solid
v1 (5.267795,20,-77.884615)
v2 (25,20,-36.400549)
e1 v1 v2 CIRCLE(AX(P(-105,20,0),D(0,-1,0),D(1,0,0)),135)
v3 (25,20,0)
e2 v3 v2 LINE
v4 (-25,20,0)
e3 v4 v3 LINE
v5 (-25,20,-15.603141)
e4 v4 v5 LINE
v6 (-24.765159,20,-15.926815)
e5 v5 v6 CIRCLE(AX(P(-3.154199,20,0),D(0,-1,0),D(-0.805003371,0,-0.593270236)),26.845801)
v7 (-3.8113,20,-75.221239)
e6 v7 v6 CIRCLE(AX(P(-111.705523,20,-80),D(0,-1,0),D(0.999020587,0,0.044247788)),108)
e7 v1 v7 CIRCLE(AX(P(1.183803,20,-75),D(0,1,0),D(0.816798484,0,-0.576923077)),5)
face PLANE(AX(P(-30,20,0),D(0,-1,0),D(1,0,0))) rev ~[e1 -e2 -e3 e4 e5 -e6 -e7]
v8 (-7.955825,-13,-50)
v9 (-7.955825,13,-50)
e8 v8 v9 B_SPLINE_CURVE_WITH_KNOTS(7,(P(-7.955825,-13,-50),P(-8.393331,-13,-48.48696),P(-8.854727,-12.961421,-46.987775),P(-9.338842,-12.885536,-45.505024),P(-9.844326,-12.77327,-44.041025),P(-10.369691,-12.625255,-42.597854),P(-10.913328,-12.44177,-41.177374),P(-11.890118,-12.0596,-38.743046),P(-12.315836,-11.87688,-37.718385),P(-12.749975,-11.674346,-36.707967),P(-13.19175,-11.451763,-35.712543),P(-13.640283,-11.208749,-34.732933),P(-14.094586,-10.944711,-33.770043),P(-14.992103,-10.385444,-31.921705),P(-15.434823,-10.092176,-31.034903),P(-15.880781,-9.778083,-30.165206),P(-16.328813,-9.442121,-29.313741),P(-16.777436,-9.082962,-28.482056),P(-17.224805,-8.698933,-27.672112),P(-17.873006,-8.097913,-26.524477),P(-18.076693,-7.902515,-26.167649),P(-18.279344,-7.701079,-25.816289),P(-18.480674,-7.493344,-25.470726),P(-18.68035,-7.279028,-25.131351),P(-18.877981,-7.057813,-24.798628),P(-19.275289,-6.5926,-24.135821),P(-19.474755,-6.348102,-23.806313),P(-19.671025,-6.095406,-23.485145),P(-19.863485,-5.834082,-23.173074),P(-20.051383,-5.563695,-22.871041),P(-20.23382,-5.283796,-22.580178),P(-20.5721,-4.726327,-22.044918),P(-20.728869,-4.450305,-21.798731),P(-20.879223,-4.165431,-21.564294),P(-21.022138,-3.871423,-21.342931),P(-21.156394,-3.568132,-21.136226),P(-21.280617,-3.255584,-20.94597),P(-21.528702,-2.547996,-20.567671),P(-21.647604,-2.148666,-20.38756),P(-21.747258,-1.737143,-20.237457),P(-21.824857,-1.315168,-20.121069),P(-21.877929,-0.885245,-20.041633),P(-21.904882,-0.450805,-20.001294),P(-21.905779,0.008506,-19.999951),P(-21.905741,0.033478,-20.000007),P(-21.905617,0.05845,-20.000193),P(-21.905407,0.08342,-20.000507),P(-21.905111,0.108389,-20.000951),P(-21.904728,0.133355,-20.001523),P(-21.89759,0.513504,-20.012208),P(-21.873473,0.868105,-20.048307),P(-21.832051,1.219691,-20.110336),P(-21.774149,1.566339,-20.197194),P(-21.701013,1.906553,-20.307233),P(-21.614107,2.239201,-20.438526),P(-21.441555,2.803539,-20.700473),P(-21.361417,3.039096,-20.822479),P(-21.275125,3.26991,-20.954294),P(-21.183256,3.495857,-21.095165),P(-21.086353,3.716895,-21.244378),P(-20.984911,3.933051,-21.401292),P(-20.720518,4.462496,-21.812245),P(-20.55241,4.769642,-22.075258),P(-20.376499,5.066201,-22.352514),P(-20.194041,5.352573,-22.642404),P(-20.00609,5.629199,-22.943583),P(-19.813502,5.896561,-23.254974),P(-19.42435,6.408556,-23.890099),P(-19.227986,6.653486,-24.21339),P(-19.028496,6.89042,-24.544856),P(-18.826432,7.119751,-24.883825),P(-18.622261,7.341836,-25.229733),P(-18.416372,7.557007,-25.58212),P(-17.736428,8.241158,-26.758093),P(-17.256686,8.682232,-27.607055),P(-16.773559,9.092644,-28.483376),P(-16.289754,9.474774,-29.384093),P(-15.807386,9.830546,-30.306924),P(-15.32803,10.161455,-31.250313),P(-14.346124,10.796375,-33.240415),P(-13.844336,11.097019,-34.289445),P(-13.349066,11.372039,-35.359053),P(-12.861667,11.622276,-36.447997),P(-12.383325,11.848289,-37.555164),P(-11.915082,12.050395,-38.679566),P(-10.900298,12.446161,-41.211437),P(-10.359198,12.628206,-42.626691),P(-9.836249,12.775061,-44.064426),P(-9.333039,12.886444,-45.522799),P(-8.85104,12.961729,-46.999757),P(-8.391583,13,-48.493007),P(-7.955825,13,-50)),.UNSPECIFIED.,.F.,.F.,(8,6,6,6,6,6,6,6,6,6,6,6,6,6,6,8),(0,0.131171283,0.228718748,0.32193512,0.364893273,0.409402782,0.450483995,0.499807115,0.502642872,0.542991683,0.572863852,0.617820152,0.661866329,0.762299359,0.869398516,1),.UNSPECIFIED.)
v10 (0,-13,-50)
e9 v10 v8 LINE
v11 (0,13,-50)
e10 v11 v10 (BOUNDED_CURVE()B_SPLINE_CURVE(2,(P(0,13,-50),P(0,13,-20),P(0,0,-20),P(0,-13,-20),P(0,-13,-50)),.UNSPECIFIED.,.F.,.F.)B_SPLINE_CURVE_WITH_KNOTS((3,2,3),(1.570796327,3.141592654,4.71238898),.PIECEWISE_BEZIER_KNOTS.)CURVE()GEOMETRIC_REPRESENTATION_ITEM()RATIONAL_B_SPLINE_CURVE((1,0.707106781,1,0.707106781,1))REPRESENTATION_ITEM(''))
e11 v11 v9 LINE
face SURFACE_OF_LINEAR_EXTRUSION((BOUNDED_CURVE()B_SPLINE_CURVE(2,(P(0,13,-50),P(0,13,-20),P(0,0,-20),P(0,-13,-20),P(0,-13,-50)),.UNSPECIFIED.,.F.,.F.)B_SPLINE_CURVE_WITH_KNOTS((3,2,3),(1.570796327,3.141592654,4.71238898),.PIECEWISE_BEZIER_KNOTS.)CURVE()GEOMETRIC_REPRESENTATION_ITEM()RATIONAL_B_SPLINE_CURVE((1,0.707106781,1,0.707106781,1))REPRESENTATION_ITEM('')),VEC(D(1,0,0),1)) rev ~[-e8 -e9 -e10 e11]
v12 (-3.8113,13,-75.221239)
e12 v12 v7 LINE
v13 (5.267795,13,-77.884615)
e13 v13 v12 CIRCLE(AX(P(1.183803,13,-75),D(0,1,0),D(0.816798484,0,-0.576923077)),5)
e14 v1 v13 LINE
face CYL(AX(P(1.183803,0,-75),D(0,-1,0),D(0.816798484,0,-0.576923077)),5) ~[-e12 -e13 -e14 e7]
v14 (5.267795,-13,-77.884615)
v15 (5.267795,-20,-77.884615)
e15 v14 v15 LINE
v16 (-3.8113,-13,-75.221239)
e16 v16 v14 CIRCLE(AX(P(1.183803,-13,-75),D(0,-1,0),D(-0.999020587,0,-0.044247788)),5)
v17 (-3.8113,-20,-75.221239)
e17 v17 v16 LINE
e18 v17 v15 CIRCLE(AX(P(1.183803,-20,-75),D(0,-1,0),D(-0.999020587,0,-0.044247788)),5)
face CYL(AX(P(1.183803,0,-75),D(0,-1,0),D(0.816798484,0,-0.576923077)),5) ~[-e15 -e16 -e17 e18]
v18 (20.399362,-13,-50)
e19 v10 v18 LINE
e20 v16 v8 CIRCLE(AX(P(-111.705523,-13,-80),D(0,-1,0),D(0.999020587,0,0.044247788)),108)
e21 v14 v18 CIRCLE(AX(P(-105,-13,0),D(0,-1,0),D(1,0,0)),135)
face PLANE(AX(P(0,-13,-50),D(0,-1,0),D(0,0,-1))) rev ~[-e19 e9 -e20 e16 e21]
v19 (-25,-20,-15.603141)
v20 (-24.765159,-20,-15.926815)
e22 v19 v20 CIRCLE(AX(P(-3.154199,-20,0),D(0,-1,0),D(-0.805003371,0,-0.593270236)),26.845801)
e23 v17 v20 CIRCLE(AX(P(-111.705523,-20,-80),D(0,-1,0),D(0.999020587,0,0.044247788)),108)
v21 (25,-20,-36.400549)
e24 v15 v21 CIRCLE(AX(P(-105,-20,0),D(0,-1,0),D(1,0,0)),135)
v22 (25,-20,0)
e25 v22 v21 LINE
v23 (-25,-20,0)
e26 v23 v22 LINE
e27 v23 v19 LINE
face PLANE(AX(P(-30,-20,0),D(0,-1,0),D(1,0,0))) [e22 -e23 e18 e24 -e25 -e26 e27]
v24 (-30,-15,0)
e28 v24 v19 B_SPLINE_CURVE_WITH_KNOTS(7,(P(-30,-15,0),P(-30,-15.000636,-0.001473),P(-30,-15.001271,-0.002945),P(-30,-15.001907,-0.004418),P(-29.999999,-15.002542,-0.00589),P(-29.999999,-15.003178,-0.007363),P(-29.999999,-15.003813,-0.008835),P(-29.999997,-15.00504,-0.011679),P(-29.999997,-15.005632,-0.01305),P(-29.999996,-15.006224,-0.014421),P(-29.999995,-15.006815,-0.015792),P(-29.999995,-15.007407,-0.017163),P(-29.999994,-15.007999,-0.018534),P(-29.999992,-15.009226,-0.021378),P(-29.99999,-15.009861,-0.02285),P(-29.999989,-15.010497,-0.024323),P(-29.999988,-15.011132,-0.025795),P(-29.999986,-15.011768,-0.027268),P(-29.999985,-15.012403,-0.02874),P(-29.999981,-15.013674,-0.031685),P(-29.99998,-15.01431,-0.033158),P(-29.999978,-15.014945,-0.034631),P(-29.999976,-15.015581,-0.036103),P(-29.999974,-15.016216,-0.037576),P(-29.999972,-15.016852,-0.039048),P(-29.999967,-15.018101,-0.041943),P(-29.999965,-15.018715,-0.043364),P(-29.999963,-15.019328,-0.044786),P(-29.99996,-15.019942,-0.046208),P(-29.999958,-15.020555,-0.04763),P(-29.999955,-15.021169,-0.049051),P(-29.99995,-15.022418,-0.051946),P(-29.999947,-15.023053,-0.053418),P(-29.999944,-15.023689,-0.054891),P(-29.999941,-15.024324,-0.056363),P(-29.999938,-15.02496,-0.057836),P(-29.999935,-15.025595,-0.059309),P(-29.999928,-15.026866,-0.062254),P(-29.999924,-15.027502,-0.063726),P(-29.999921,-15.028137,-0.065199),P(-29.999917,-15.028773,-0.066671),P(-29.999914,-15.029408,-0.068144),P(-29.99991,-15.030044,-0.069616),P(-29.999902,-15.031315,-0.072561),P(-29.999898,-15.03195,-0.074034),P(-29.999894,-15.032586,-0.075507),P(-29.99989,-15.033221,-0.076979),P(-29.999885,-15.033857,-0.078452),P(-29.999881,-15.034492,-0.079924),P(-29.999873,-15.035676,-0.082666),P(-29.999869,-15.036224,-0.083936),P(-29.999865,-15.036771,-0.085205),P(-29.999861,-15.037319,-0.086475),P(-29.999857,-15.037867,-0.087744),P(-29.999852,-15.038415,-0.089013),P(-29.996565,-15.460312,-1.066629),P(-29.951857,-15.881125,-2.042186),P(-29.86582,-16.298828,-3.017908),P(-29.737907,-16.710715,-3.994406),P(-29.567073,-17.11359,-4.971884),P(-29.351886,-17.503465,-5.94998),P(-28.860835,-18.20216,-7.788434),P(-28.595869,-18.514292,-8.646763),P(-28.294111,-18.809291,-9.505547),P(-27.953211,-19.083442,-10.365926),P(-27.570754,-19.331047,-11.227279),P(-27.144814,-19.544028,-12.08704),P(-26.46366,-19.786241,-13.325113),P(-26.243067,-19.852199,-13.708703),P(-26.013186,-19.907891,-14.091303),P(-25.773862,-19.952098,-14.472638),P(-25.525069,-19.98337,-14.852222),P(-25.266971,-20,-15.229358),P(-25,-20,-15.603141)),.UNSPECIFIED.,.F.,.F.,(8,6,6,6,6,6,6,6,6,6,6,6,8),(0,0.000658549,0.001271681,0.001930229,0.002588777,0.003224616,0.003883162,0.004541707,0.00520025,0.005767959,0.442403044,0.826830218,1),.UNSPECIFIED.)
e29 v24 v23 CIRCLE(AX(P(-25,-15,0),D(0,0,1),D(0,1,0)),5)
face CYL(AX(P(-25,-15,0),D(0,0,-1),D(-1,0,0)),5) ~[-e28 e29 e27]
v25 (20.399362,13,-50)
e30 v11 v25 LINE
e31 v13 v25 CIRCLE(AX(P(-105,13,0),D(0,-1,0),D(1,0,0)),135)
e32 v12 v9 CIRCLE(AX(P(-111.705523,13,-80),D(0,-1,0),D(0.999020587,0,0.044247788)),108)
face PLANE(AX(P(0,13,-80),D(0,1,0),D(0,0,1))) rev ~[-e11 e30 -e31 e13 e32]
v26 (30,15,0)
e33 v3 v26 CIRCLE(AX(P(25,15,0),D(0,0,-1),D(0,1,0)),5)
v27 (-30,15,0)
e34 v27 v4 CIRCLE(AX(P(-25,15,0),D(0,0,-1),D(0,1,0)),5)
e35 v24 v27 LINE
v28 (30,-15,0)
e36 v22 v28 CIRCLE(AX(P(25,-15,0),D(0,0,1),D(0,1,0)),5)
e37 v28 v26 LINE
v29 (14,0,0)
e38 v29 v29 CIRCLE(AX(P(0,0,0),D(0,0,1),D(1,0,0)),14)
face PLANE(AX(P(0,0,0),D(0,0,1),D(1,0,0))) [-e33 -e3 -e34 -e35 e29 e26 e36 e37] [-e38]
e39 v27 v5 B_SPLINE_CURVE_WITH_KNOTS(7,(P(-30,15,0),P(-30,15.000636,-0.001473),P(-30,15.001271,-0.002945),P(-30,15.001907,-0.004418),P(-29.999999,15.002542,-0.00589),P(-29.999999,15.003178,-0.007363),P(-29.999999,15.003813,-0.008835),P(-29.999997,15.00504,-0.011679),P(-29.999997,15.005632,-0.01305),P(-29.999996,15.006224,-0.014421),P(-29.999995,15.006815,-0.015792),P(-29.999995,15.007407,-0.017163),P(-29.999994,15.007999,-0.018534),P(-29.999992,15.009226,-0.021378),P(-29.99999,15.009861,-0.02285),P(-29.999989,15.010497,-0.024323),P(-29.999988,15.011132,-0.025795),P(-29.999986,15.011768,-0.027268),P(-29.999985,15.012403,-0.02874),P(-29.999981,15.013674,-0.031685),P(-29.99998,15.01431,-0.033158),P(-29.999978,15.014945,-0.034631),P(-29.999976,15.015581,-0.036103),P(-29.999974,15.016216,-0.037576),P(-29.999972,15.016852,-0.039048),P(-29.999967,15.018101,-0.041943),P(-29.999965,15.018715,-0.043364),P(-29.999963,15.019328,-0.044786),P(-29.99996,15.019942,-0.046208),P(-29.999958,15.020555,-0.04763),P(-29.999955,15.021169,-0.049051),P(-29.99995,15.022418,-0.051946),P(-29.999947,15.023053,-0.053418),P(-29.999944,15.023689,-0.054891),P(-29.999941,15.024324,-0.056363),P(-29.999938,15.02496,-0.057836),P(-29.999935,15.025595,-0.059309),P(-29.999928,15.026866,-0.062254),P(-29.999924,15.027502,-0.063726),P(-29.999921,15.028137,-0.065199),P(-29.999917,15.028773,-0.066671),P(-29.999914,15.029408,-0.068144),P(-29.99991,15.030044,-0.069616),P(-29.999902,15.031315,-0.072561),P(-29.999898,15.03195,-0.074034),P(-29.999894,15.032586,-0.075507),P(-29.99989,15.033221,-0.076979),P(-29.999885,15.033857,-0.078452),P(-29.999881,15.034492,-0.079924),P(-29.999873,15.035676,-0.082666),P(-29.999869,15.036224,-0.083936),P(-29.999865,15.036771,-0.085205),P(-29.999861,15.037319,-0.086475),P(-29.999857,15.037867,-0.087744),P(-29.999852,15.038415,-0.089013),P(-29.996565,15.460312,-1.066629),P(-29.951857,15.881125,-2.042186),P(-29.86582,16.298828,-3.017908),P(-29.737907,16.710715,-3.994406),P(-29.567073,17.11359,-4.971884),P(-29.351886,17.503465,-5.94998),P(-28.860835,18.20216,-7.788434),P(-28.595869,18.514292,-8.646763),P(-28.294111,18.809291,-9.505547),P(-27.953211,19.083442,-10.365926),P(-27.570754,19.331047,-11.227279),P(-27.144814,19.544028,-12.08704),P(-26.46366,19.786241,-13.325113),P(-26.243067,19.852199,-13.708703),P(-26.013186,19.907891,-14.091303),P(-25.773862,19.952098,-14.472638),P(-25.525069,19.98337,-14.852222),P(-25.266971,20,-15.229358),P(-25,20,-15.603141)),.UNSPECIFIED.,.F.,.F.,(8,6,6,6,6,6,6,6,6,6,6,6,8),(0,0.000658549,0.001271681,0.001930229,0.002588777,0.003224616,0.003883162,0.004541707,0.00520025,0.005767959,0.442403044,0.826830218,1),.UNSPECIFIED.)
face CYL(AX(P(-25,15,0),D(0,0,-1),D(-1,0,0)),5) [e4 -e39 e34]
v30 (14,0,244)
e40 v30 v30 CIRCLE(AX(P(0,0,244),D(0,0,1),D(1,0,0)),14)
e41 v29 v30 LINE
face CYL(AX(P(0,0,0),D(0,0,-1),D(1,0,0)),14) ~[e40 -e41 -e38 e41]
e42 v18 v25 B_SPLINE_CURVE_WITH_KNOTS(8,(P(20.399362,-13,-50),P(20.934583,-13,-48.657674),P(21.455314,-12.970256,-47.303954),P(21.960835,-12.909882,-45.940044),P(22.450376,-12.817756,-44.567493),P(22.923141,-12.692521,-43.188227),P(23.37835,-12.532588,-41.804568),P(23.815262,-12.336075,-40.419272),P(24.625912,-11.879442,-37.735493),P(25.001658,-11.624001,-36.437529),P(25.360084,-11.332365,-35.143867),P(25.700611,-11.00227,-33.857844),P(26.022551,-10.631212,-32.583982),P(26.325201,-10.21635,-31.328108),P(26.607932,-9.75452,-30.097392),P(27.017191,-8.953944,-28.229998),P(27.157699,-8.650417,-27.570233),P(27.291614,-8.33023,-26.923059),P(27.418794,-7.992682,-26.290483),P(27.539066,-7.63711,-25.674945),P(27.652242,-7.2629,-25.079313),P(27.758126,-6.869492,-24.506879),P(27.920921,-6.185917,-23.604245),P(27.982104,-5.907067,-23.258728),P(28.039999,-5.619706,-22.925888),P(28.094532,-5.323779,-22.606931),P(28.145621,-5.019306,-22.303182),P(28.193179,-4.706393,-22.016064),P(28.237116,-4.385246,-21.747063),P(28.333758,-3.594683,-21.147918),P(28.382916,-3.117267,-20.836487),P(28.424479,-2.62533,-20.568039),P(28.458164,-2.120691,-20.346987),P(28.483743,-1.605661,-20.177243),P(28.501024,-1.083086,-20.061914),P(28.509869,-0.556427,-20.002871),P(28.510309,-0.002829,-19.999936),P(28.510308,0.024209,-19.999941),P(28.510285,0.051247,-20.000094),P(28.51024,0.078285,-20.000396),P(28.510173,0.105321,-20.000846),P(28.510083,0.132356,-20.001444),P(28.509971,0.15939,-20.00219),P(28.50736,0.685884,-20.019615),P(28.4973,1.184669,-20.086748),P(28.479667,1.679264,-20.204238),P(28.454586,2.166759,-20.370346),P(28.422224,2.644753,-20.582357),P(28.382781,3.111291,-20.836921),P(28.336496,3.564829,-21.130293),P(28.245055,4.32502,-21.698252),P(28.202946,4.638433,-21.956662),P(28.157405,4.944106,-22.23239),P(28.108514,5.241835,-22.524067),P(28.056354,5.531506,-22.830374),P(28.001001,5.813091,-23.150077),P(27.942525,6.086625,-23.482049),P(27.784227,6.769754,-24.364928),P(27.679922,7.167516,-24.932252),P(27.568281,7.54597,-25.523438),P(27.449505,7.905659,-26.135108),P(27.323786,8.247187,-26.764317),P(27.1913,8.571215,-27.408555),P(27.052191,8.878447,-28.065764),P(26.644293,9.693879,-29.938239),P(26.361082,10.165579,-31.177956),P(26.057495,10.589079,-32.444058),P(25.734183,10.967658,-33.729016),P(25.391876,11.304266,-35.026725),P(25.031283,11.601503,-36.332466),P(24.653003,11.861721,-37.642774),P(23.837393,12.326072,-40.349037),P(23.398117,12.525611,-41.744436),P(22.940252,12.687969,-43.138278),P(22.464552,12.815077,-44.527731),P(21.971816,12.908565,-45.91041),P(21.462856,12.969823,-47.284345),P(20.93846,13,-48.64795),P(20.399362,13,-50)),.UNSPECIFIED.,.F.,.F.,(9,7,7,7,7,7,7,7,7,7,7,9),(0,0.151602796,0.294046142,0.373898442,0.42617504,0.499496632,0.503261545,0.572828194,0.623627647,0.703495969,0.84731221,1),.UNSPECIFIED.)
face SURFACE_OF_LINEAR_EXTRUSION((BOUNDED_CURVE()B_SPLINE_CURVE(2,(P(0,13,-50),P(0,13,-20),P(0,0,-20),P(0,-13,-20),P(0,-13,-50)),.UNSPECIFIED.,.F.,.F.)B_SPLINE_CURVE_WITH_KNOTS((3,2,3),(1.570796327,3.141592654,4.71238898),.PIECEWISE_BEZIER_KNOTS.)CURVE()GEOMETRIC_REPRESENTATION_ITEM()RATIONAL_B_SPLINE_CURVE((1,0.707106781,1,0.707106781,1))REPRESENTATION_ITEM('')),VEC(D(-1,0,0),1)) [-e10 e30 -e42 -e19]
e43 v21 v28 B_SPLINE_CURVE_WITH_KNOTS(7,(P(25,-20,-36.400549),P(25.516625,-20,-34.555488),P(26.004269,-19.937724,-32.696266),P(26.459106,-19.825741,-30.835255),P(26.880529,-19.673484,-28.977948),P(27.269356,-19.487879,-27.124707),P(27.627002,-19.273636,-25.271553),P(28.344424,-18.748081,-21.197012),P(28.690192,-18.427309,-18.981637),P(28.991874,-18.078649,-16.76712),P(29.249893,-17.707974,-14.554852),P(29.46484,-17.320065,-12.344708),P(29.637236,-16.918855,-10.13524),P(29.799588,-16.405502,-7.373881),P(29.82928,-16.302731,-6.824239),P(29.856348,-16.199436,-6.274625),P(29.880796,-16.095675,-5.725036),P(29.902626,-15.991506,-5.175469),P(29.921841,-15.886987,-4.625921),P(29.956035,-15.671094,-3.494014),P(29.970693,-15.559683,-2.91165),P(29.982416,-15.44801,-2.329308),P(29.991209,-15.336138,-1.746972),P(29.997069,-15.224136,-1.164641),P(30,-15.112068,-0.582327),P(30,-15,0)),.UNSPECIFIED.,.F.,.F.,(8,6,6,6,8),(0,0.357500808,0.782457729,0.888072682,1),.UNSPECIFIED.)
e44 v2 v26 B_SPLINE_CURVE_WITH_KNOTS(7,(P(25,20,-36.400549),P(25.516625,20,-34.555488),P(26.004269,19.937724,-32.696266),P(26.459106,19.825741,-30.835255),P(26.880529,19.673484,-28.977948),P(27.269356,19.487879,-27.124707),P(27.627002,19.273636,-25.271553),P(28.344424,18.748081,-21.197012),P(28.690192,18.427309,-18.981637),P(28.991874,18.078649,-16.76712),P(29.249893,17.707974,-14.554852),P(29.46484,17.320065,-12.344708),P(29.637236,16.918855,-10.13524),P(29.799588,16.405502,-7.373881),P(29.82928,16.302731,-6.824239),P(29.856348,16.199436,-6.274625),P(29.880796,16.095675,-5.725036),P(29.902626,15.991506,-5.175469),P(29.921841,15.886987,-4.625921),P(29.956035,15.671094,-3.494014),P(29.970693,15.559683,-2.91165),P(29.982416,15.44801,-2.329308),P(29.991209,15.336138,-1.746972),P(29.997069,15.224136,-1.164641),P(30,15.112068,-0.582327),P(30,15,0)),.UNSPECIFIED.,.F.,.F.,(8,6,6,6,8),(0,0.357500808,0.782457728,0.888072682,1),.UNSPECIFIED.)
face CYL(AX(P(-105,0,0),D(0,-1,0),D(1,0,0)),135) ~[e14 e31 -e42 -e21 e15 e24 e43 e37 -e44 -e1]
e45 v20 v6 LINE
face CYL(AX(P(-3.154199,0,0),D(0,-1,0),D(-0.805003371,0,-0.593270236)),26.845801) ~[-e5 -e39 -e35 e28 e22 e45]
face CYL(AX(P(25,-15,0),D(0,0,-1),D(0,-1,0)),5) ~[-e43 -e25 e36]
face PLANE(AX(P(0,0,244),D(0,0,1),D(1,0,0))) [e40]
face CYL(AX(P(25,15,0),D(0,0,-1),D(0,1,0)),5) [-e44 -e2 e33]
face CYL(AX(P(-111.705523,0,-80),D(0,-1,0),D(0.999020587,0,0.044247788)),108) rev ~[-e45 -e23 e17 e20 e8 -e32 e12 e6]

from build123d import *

# Parameters (mm, degrees)
F0_R     = 14
F1_DEPTH = 244
F2_W     = 60
F2_H     = 40
F3_DEPTH = 80
F4_R     = 5
F6_DEPTH = 40
F8_DEPTH = 35


with BuildPart() as f1:
    # F0 (on Top) → F1 (new body)
    with BuildSketch(Plane.XY):
        Circle(F0_R)
    extrude(amount=F1_DEPTH)

    # F2 (on Top) → F3 (join)
    with BuildSketch(Plane.XY):
        Rectangle(F2_W, F2_H)
    extrude(amount=-F3_DEPTH)

    # F4
    f4_edges = [f1.edges().sort_by_distance(p)[0] for p in [
        (30, -20, -40),
        (-30, -20, -40),
        (30, 20, -40),
        (-30, 20, -40),
    ]]
    fillet(f4_edges, radius=F4_R)

    # F5 (on Front) → F6 (cut, symmetric)
    with BuildSketch(Plane.XZ):
        with BuildLine():
            Line((-30, 0), (-30, -85))
            Line((-30, -85), (30, -85))
            Line((30, -85), (30, 0))
            ThreePointArc((30, 0), (23.6684739344, -40.85858313), (5.2677953275, -77.8846153846))
            ThreePointArc((5.2677953275, -77.8846153846), (-0.2236501523, -79.7978199094), (-3.8113000271, -75.2212389381))
            ThreePointArc((-3.8113000271, -75.2212389381), (-9.8768127885, -44.0150908016), (-24.7651593513, -15.9268145426))
            ThreePointArc((-24.7651593513, -15.9268145426), (-28.6577337776, -8.3825261421), (-30, 0))
        make_face()
    extrude(amount=F6_DEPTH, both=True, mode=Mode.SUBTRACT)

    # F7 (on Right) → F8 (cut, symmetric)
    with BuildSketch(Plane.YZ):
        with BuildLine():
            Line((13, -80), (13, -50))
            add(Edge.make_bspline(
                [(13, -50), (13, -20), (0, -20), (-13, -20), (-13, -50)],
                knots=[1.5707963268, 1.5707963268, 1.5707963268, 3.1415926536, 3.1415926536, 4.7123889804, 4.7123889804, 4.7123889804], degree=2, weights=[1, 0.7071067812, 1, 0.7071067812, 1]))
            Line((-13, -50), (-13, -80))
            Line((-13, -80), (13, -80))
        make_face()
    extrude(amount=F8_DEPTH, both=True, mode=Mode.SUBTRACT)


solid = f1.part
